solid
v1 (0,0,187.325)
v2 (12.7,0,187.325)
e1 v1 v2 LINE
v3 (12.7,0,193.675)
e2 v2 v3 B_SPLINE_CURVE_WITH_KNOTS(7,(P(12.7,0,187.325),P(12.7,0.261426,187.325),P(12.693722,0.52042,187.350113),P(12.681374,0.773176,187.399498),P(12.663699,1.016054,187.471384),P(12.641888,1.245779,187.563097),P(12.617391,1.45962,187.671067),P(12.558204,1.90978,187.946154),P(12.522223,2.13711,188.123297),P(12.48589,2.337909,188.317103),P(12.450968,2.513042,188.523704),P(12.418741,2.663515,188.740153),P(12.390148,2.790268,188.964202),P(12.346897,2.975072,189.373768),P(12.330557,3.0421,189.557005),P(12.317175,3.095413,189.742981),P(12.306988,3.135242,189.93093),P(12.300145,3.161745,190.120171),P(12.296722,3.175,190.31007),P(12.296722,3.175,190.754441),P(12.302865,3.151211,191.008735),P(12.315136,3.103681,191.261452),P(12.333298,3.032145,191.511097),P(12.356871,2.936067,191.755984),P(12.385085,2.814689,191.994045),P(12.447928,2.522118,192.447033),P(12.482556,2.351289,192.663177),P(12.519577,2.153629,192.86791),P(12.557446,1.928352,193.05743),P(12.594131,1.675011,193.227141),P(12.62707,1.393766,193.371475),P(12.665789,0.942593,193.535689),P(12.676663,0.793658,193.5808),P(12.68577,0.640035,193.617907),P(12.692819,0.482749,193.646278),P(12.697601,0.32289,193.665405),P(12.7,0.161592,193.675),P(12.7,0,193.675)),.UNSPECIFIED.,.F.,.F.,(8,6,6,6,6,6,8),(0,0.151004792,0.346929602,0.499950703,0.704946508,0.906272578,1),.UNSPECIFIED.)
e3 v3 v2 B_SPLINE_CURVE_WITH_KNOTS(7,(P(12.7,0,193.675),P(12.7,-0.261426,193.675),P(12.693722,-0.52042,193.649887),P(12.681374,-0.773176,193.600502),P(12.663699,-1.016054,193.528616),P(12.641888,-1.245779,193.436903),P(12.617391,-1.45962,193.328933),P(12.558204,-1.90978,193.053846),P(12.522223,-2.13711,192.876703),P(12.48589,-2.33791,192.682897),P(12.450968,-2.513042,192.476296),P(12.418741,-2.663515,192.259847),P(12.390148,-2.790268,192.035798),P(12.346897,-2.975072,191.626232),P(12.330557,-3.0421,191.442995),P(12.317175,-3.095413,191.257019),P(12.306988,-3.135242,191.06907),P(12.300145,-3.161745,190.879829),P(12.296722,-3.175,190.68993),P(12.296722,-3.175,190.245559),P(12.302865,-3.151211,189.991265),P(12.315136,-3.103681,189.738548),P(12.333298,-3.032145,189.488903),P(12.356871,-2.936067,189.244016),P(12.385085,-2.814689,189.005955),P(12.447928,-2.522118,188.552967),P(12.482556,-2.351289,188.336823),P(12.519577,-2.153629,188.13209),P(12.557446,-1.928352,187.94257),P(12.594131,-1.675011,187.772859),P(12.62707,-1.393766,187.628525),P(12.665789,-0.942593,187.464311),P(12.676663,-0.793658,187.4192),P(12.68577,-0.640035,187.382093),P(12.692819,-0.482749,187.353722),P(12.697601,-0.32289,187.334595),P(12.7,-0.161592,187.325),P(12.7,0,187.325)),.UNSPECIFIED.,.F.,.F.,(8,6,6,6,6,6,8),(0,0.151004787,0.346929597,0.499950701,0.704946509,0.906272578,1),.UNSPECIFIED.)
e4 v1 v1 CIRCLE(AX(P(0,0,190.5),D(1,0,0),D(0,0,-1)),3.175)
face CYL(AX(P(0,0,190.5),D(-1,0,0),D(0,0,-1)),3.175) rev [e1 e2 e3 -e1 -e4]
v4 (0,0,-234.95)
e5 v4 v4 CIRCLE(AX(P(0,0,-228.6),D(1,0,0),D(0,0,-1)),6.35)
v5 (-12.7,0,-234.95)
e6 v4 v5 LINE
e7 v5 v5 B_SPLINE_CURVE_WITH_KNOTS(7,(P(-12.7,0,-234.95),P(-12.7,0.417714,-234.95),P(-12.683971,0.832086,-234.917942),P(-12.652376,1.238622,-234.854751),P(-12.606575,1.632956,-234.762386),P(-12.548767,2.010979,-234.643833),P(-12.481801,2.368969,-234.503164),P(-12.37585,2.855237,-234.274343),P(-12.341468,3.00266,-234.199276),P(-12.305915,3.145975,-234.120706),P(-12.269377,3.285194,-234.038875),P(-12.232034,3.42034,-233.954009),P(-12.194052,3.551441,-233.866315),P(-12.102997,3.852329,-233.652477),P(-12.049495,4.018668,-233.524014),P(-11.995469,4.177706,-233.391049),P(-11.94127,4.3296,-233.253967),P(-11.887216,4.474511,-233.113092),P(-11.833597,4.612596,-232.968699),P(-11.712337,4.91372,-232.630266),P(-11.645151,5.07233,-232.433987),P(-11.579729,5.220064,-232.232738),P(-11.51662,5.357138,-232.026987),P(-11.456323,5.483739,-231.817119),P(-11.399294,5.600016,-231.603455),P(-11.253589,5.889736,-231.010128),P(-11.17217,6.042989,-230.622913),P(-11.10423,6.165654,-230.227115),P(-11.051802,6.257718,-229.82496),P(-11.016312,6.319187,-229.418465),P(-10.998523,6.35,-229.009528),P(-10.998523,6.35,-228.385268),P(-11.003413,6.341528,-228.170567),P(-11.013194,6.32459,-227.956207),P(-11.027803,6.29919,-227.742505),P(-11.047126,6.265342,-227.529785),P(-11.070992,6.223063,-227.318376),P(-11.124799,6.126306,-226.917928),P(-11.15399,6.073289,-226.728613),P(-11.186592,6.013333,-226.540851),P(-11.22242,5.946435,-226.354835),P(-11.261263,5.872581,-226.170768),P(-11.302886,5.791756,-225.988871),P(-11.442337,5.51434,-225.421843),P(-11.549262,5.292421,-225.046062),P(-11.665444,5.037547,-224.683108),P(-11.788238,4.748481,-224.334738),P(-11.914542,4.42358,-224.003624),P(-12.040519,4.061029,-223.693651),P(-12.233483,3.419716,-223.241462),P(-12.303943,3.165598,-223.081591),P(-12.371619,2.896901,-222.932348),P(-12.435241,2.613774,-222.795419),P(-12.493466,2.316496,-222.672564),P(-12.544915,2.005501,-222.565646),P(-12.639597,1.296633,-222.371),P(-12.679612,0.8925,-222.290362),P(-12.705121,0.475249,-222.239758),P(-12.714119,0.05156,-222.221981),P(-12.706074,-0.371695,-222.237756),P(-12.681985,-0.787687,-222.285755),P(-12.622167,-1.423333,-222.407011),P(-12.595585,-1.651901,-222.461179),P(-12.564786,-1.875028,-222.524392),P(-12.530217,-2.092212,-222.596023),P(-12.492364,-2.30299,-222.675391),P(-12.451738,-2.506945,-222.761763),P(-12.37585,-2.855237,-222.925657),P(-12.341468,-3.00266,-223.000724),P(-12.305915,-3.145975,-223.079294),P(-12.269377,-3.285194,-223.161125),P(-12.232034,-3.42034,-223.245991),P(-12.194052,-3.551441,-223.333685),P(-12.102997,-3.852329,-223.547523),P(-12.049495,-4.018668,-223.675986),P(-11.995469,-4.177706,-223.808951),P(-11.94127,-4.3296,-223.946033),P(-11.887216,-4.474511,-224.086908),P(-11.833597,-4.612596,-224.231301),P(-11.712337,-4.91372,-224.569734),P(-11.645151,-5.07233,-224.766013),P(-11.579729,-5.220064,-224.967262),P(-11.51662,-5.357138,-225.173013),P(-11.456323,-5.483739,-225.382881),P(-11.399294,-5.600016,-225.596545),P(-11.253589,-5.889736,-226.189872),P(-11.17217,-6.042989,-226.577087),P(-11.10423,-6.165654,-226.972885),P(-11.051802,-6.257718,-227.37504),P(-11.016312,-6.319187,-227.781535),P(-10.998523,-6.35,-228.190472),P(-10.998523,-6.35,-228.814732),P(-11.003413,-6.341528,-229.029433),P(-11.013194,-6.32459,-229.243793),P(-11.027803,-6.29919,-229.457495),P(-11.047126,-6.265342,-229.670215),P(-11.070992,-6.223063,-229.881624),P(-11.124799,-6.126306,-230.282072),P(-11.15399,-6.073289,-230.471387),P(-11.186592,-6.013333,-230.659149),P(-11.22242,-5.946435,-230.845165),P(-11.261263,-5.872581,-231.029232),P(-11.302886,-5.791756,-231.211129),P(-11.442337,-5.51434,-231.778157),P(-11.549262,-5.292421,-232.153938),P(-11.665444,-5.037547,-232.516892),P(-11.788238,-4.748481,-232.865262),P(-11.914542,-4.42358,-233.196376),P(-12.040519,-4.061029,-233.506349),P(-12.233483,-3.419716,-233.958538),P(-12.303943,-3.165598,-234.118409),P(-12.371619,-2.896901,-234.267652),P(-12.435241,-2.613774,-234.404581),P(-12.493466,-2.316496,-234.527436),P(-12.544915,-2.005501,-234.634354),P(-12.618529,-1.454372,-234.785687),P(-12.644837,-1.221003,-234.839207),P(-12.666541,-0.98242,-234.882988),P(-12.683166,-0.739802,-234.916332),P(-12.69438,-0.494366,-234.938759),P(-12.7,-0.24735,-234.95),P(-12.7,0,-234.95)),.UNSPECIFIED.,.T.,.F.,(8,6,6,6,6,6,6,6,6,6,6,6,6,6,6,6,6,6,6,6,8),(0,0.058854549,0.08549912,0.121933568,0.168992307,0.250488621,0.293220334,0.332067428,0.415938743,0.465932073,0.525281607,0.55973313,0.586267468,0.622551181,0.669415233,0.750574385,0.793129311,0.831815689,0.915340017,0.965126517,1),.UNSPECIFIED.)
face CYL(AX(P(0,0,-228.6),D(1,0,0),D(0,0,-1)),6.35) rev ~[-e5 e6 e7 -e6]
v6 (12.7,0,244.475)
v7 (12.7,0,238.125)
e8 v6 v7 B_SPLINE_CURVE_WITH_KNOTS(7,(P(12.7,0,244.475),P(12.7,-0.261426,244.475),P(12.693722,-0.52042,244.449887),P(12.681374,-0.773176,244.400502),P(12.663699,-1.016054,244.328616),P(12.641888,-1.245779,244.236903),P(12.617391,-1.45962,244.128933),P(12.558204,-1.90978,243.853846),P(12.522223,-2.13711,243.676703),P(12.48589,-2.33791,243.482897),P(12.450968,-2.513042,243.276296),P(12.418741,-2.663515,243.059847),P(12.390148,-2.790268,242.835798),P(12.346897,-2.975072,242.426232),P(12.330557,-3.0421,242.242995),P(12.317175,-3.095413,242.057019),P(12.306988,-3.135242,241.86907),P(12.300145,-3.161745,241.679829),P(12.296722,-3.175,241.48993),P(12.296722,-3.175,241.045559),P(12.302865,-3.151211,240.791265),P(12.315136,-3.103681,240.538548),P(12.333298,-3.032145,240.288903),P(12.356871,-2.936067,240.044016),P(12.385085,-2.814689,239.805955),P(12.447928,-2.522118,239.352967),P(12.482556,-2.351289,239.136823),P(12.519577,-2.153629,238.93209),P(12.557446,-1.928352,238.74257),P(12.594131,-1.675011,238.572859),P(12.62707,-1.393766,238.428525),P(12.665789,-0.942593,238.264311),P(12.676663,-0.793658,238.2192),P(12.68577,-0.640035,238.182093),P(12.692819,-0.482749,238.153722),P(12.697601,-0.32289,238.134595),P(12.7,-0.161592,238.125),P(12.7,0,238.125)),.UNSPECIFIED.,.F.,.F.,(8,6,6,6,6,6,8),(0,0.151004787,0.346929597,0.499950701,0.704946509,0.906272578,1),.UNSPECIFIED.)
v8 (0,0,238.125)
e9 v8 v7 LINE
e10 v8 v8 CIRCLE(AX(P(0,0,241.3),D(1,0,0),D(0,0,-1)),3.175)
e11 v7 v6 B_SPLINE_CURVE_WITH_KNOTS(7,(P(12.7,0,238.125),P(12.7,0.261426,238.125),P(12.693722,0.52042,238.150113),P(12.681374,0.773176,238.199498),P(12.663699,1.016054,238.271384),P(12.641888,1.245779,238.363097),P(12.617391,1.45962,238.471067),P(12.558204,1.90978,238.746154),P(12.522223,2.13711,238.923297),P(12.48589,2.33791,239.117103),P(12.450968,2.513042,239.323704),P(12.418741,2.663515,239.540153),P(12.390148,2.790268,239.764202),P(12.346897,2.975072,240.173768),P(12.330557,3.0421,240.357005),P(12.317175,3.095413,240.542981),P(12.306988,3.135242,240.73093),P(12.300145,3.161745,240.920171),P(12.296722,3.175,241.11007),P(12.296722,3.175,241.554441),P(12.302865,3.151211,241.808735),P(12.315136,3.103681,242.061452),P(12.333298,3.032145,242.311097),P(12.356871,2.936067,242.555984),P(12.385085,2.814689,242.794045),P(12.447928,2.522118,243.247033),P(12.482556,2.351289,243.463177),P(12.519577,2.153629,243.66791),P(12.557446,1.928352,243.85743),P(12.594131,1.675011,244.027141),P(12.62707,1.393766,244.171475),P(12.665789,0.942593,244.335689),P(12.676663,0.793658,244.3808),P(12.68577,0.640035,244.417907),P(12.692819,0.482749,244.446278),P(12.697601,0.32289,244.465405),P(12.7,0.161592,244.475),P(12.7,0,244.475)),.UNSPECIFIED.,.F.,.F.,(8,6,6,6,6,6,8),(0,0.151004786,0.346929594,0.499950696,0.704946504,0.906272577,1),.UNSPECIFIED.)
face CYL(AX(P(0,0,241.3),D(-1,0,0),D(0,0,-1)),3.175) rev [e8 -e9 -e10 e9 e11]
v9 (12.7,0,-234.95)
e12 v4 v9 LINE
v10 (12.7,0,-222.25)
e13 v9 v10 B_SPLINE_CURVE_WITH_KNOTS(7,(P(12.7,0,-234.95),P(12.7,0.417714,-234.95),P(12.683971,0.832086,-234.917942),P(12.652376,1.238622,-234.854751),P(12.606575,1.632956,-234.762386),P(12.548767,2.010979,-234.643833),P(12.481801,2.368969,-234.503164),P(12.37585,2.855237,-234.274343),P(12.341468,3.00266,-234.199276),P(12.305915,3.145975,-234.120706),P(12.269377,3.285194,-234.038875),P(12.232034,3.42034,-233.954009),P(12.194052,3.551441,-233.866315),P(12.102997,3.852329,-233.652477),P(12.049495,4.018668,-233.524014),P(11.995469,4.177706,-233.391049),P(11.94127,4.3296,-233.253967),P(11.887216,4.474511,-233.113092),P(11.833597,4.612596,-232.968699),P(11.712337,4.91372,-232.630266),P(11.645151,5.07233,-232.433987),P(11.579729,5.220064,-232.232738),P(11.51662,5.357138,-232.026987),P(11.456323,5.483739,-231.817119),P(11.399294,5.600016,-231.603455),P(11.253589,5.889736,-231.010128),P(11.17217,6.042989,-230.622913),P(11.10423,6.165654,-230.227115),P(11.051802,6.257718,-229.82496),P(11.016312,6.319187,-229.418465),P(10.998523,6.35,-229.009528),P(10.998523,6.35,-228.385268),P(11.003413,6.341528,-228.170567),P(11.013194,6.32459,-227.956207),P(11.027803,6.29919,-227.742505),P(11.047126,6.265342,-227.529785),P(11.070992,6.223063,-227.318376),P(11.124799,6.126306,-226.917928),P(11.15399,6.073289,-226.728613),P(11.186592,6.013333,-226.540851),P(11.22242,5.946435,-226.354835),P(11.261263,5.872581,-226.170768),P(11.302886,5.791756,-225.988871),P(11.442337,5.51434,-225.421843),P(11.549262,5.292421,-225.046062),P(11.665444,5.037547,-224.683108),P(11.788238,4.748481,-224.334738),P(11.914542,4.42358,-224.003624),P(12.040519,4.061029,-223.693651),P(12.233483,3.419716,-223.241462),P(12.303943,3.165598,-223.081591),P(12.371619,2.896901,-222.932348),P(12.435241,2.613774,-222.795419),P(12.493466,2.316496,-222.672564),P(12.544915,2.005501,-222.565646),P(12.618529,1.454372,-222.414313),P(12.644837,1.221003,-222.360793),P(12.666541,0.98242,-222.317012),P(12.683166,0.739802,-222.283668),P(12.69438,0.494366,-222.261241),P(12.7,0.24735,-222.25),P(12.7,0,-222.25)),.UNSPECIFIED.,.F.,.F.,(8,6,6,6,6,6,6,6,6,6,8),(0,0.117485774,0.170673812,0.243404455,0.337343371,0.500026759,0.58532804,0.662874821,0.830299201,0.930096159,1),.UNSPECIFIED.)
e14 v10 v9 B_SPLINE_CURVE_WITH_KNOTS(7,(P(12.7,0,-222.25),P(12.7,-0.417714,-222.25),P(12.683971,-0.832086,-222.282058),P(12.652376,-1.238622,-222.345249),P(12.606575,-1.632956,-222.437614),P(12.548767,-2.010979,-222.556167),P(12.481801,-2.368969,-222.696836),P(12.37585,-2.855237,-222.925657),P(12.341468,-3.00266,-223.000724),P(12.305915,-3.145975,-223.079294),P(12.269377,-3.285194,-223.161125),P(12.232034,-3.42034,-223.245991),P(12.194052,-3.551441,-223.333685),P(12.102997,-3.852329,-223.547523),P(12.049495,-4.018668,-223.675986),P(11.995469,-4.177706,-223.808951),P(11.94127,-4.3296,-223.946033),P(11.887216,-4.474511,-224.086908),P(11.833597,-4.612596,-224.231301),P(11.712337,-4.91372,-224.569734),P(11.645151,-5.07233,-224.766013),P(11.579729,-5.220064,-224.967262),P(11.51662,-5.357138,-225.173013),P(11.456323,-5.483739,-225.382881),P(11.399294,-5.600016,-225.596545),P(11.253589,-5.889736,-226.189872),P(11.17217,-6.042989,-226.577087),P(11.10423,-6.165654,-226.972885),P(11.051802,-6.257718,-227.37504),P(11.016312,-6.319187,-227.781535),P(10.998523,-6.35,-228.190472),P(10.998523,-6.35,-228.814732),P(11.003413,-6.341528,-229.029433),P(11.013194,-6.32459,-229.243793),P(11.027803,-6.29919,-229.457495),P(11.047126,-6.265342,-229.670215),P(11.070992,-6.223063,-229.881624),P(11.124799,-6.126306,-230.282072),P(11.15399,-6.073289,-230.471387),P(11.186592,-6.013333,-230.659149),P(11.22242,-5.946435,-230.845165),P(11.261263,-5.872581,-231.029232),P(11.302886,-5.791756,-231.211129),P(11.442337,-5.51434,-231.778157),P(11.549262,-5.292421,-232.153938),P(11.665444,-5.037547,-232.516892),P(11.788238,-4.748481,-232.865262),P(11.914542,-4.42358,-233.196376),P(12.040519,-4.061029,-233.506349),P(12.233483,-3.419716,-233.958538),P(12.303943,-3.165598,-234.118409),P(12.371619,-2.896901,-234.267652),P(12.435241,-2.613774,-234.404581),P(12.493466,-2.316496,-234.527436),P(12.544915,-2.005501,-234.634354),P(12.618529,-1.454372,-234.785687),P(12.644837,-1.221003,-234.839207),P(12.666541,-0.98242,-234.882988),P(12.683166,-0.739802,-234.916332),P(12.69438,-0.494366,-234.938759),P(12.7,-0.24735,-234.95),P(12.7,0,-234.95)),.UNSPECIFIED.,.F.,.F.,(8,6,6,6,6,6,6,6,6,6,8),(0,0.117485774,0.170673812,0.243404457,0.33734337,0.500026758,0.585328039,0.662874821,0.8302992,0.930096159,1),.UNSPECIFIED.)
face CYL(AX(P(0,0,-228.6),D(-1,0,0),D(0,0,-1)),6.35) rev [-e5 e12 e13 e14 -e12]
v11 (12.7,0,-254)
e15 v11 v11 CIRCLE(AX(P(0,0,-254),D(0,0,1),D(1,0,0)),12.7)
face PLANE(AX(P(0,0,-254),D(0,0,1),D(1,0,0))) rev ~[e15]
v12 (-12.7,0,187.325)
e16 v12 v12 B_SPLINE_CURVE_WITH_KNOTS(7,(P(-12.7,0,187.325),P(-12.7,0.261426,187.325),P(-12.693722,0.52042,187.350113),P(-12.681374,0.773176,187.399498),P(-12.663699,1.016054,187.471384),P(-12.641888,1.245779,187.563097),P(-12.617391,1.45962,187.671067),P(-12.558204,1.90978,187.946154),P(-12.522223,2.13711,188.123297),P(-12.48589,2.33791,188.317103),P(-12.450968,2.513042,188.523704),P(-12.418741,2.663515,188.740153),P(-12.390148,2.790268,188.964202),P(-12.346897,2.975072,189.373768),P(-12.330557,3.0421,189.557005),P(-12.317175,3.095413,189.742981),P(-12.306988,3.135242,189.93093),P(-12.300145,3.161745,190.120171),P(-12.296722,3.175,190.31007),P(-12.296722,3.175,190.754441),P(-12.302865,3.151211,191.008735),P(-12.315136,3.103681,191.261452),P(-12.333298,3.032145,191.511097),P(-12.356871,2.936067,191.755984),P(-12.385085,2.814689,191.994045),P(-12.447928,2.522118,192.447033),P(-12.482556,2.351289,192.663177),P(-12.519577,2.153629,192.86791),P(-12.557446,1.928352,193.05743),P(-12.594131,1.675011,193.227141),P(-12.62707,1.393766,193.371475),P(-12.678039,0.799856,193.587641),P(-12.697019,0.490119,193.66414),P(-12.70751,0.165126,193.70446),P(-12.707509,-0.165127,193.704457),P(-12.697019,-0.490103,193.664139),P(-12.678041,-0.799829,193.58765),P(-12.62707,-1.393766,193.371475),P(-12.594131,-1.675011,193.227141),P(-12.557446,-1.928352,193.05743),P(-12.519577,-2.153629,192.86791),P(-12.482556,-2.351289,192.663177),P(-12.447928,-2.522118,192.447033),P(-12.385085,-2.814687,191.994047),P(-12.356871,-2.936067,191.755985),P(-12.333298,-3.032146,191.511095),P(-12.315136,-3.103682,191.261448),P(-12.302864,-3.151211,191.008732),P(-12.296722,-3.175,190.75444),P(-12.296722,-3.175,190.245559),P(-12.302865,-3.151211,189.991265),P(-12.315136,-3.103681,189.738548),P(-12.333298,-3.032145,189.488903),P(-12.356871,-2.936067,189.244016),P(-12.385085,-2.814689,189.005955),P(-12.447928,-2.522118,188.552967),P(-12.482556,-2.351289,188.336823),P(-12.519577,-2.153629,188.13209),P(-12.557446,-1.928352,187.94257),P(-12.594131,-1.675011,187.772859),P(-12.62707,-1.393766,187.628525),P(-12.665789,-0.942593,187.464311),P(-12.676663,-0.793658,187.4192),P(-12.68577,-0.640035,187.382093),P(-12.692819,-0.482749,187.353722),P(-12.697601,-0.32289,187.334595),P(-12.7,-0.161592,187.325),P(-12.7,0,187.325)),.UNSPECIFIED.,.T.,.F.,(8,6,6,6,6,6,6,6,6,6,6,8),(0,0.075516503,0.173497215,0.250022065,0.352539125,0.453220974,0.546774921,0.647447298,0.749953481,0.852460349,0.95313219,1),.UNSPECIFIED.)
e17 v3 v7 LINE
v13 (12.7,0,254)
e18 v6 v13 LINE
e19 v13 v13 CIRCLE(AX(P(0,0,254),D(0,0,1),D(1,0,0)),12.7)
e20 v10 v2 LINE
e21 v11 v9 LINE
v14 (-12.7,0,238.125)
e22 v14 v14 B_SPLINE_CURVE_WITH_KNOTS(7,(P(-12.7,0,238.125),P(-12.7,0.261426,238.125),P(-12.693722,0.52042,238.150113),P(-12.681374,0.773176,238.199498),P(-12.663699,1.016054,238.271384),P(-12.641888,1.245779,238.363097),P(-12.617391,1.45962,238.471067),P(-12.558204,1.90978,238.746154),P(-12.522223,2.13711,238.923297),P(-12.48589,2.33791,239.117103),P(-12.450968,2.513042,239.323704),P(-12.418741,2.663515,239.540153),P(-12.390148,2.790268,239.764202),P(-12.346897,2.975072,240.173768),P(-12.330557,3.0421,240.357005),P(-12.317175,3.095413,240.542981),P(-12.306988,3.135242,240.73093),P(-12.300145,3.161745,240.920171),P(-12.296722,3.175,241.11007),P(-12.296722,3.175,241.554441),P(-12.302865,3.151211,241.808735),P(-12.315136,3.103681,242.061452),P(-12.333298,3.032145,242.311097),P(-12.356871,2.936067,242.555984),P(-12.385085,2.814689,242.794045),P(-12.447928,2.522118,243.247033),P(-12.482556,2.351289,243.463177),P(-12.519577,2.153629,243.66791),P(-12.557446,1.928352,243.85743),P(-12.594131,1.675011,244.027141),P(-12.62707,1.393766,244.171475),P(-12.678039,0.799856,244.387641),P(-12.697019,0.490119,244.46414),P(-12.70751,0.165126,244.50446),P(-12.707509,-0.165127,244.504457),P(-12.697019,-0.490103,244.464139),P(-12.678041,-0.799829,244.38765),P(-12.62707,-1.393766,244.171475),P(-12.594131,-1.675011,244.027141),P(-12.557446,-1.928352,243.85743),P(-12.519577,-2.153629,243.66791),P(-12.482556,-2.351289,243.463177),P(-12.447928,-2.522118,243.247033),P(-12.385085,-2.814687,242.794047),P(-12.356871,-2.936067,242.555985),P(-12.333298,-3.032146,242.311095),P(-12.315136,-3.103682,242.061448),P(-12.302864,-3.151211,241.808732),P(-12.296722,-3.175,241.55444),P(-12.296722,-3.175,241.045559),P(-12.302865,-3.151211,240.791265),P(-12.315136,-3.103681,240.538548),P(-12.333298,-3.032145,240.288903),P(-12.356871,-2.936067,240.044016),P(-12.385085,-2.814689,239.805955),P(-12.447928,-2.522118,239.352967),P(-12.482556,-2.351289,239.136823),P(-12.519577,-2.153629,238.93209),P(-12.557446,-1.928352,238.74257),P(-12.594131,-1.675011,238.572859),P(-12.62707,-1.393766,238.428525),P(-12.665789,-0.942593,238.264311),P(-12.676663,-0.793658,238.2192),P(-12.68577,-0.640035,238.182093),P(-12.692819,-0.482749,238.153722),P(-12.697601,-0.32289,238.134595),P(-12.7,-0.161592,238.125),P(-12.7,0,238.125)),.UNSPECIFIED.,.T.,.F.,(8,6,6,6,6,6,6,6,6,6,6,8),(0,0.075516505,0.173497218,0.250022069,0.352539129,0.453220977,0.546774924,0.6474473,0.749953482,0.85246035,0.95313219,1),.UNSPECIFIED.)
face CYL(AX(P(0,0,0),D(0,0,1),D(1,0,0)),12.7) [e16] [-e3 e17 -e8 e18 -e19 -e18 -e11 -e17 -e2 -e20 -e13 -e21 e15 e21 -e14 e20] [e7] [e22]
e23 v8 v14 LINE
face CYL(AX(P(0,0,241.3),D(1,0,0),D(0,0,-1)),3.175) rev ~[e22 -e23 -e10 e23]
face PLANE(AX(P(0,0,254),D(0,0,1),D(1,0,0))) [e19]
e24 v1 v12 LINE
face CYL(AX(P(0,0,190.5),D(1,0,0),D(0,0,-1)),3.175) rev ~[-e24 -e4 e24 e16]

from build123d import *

# Parameters (mm, degrees)
SKETCH1_R               = 12.7
BOSS_EXTRUDE1_DEPTH     = 254
SKETCH2_R               = 3.175
SKETCH2_R_2             = 6.35
CUT_EXTRUDE1_DEPTH      = 13.7
CUT_EXTRUDE1_DEPTH_BACK = 13.7


with BuildPart() as part:
    # Sketch1 → Boss-Extrude1 (new body, symmetric)
    with BuildSketch(Plane.XY):
        Circle(SKETCH1_R)
    extrude(amount=BOSS_EXTRUDE1_DEPTH, both=True)

    # Sketch2 → Cut-Extrude1 (cut, two sides)
    with BuildSketch(Plane(origin=(0, 0, 0), x_dir=(0, 0, -1), z_dir=(1, 0, 0))) as cut_extrude1_sk:
        with Locations((-241.3, 0)):
            Circle(SKETCH2_R)
        with Locations((-190.5, 0)):
            Circle(SKETCH2_R)
        with Locations((228.6, 0)):
            Circle(SKETCH2_R_2)
    extrude(amount=CUT_EXTRUDE1_DEPTH, mode=Mode.SUBTRACT)
    extrude(cut_extrude1_sk.sketch, amount=-CUT_EXTRUDE1_DEPTH_BACK, mode=Mode.SUBTRACT)


solid = part.part
